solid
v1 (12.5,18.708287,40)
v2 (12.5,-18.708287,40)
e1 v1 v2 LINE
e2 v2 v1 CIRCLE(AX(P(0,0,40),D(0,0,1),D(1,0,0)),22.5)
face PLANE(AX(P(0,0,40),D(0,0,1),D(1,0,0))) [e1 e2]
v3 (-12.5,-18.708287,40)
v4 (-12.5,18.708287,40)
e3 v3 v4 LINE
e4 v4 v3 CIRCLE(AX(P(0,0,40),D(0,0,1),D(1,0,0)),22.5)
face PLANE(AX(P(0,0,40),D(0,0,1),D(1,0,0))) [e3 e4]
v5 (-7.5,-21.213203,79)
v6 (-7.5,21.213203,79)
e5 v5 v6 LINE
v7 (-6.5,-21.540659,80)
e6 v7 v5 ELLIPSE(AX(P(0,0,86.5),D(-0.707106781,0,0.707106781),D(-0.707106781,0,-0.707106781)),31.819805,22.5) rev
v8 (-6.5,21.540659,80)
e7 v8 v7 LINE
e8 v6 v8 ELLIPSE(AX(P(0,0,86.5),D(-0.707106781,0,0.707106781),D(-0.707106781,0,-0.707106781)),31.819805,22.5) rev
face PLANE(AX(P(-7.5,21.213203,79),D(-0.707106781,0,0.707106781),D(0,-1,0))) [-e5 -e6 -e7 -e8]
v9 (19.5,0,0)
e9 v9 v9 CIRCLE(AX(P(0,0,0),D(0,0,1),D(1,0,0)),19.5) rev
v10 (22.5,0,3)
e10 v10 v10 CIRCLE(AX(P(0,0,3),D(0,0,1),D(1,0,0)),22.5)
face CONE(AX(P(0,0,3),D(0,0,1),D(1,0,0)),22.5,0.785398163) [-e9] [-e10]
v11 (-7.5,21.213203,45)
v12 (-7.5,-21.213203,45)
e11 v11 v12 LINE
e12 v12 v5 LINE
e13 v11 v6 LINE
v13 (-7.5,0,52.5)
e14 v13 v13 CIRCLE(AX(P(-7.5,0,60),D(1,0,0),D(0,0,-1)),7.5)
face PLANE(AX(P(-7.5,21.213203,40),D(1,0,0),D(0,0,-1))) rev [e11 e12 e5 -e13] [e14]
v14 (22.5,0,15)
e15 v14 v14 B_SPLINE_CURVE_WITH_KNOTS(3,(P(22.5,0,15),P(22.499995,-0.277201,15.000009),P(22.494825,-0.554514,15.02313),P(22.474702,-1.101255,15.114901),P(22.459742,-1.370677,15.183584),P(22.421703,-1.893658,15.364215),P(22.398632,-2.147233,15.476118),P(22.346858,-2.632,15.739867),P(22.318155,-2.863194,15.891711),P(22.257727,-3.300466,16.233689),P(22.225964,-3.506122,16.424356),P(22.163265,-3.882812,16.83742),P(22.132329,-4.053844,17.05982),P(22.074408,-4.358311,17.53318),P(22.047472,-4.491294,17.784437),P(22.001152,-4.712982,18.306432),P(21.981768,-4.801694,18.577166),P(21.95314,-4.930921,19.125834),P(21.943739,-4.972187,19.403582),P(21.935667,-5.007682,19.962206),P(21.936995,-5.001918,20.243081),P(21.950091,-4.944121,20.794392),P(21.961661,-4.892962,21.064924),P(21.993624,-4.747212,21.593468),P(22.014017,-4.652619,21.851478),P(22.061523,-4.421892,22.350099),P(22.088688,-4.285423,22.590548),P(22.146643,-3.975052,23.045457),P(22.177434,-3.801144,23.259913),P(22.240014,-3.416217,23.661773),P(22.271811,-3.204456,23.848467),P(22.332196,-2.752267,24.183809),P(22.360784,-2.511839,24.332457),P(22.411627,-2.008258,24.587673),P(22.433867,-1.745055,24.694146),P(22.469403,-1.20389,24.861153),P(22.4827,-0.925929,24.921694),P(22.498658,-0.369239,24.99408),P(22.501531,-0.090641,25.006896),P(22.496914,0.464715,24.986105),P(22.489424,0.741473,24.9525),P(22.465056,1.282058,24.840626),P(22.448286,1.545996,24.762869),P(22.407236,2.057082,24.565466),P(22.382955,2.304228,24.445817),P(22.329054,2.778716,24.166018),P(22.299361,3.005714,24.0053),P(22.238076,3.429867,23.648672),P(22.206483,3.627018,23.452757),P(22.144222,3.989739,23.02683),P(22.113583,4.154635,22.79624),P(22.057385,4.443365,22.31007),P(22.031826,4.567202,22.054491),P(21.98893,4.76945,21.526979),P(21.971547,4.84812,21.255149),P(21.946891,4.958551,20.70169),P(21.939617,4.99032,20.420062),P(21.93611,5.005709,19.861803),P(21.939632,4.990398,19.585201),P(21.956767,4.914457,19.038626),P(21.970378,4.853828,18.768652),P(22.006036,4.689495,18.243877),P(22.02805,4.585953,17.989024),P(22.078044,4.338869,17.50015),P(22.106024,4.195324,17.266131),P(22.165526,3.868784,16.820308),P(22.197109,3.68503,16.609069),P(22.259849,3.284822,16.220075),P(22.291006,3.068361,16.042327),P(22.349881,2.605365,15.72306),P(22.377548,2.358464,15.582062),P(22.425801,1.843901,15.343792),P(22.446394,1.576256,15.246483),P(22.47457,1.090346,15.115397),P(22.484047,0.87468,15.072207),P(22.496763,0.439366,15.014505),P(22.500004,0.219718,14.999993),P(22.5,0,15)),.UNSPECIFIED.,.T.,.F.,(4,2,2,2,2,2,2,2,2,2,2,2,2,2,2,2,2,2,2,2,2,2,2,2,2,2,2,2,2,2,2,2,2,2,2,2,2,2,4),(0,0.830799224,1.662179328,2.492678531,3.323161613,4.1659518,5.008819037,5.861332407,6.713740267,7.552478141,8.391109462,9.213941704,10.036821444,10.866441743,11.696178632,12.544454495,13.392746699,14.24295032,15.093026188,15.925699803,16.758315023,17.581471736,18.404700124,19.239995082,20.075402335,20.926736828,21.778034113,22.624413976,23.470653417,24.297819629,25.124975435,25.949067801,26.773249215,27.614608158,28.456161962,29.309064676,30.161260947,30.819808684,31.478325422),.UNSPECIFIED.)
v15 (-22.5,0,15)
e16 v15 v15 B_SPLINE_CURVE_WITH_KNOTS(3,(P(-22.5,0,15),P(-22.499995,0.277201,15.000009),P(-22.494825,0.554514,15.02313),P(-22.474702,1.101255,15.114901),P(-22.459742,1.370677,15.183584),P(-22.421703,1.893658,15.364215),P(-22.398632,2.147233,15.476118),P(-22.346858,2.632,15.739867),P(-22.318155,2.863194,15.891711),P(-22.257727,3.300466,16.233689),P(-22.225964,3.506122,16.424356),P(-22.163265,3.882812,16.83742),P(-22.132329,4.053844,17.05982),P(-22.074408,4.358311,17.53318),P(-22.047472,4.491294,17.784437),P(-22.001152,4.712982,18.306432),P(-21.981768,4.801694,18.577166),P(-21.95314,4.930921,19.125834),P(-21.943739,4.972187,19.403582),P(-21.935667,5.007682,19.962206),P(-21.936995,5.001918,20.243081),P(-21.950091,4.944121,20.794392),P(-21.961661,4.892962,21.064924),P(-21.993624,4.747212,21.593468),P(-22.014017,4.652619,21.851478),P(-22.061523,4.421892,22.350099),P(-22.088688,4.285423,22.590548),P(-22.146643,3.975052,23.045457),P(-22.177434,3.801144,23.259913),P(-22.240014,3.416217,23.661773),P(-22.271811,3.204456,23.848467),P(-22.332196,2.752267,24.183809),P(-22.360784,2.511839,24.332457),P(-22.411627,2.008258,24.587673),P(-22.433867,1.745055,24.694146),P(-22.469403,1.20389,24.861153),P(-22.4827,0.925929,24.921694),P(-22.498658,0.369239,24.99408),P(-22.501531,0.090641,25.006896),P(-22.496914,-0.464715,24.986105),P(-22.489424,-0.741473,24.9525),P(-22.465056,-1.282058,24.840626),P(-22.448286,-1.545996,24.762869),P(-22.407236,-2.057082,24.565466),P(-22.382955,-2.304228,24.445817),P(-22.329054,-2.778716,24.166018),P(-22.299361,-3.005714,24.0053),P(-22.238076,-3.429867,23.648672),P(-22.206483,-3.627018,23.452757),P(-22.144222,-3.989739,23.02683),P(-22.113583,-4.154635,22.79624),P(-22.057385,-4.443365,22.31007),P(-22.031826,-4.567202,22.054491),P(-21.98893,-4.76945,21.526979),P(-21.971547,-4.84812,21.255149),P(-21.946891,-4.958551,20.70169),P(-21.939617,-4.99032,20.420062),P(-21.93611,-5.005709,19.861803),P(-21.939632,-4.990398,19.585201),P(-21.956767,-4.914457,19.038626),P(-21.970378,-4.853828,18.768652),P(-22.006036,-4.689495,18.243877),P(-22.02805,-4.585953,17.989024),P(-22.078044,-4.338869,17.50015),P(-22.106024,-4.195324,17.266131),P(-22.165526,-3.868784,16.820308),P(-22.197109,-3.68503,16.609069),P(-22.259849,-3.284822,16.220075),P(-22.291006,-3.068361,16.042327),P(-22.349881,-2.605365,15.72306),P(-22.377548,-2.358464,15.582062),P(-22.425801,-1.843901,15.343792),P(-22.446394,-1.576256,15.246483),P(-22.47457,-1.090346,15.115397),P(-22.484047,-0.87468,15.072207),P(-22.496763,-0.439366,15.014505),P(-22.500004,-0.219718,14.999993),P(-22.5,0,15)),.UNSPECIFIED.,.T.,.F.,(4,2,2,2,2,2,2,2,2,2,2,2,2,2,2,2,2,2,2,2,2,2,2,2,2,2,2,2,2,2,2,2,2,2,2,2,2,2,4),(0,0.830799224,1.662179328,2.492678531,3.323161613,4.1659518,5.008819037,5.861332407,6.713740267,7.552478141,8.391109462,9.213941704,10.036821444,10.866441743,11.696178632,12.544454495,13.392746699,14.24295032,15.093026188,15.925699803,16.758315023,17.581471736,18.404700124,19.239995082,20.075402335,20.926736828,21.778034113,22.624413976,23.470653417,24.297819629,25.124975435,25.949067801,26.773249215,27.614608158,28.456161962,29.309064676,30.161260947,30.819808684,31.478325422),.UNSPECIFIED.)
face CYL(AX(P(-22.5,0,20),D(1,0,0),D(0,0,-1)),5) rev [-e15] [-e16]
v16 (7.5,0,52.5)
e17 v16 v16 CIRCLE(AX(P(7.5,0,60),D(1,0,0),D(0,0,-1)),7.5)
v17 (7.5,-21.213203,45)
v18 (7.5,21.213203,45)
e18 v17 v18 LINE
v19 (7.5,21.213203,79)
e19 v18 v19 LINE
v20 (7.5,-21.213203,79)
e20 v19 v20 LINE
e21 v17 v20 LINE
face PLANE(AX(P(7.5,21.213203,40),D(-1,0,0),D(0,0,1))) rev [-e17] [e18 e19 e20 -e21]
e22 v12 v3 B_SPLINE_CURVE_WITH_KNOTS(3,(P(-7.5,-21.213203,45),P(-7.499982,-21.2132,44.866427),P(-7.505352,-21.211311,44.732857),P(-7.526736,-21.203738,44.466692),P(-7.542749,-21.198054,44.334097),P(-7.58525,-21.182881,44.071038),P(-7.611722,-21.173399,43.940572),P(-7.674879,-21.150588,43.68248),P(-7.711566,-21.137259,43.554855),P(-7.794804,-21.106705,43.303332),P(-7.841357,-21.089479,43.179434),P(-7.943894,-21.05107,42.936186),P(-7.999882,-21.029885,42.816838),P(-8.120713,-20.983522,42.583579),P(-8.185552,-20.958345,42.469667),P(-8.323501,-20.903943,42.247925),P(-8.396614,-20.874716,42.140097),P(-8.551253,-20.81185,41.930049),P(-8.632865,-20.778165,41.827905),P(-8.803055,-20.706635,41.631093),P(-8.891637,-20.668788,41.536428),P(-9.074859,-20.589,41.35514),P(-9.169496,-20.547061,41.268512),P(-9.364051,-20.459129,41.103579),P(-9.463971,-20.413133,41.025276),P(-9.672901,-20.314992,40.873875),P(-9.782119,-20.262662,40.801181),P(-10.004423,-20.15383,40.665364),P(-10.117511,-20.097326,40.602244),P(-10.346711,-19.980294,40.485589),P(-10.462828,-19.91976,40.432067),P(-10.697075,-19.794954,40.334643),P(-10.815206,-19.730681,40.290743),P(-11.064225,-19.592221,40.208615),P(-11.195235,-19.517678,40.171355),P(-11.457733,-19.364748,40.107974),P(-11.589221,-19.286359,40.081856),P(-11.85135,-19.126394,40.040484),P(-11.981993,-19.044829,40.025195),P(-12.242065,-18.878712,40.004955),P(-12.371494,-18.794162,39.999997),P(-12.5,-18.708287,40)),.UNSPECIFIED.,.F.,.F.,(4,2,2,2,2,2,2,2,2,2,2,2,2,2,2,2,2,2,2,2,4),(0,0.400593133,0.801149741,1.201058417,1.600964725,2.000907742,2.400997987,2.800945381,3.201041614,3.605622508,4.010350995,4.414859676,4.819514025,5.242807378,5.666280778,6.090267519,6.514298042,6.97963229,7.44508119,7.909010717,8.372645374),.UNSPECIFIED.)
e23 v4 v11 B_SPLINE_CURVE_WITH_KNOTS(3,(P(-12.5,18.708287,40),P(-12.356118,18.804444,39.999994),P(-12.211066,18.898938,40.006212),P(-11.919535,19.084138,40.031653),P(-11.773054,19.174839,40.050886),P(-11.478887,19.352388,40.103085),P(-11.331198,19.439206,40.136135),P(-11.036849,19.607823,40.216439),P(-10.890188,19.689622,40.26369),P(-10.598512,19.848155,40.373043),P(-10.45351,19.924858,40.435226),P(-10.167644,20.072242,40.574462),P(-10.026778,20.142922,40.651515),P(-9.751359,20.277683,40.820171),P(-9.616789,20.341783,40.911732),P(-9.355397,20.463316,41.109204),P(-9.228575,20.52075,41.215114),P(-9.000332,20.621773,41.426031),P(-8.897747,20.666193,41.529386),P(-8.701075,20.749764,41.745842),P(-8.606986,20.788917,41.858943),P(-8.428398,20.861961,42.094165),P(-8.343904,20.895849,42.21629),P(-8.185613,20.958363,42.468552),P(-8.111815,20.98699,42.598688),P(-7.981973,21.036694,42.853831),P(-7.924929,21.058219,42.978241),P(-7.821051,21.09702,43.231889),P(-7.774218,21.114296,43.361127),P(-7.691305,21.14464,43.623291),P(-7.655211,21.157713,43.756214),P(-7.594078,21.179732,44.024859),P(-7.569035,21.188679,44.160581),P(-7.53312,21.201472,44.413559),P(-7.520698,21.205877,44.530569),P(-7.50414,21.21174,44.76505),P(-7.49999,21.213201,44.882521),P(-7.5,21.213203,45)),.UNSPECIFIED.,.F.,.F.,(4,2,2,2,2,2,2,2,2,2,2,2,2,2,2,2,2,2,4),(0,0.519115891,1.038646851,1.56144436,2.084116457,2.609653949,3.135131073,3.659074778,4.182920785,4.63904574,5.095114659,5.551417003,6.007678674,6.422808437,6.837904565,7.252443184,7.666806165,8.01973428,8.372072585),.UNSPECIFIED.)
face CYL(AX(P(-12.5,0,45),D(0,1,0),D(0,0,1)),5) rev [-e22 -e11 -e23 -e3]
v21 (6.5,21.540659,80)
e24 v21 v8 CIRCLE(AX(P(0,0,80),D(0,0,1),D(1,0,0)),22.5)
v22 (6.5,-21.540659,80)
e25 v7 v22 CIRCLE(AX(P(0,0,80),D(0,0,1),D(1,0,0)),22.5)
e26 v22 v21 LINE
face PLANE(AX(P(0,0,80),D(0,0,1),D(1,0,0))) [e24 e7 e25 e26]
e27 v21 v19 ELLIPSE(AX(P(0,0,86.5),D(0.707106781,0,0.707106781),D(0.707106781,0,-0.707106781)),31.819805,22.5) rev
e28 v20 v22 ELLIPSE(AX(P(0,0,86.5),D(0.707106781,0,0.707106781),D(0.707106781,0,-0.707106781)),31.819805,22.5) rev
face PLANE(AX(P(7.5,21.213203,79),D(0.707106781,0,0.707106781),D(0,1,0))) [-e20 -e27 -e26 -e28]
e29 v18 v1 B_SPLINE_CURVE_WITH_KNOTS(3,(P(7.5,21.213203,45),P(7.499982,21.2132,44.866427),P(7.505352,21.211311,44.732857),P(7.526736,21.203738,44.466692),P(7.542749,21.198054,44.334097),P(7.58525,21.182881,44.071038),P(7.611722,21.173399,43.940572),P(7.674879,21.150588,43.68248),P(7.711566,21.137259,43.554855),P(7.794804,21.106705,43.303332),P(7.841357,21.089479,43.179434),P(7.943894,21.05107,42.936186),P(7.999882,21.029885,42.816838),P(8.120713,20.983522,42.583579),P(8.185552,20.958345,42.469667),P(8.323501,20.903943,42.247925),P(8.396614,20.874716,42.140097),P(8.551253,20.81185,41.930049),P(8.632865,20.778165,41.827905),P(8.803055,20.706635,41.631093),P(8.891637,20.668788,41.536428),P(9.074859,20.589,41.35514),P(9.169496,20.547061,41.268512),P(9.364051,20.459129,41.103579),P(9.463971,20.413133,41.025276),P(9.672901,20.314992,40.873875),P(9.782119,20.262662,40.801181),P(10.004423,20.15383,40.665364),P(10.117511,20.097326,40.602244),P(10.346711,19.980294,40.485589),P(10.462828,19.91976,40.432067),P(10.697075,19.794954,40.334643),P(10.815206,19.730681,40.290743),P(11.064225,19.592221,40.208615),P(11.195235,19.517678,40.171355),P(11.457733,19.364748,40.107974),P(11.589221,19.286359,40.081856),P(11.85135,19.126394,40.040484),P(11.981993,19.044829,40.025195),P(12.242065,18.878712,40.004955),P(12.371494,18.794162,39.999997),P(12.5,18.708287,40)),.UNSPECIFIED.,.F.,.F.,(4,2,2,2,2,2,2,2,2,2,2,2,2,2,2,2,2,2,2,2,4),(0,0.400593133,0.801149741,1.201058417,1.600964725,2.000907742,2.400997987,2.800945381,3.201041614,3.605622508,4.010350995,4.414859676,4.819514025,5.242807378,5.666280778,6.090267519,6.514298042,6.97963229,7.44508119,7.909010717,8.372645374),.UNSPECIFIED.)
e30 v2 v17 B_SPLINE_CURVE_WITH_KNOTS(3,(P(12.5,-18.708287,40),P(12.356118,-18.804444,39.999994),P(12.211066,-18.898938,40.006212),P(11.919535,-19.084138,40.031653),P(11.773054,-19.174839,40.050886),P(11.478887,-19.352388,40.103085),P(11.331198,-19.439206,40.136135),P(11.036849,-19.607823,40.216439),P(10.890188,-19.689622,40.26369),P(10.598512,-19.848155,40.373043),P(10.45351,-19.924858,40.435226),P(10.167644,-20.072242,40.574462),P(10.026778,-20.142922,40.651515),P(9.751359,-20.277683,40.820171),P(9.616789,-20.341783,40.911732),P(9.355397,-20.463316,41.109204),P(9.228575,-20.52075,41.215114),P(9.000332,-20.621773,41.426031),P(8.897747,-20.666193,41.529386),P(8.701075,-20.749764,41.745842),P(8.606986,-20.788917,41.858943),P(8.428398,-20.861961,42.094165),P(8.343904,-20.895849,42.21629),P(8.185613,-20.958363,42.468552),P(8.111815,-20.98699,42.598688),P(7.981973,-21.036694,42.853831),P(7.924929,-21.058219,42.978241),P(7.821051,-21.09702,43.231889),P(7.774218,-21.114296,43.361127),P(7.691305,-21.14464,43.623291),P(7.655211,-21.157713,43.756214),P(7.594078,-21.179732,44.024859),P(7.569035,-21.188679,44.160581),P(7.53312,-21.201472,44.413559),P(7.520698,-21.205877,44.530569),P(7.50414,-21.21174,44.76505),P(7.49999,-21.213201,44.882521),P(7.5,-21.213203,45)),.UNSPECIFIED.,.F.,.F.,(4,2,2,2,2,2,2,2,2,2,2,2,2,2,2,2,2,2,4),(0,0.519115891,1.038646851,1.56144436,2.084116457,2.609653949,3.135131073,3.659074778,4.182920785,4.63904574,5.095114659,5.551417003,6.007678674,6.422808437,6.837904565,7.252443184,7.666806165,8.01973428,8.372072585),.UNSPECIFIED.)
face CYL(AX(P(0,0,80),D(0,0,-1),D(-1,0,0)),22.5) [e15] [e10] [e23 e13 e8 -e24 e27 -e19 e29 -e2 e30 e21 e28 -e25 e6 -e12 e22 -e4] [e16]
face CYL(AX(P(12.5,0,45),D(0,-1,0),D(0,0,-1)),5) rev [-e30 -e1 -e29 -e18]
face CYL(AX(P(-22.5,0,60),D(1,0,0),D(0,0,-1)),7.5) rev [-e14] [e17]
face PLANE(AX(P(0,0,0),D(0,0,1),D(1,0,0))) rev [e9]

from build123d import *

# Parameters (mm, degrees)
SKETCH_1_R               = 22.5
EXTRUDE_1_DEPTH          = 80
CUT_EXTRUDE_START        = -40
CUT_EXTRUDE_1_DEPTH      = 40
FILLET_1_R               = 5
SKETCH_3_R               = 7.5
CUT_EXTRUDE_2_DEPTH      = 89.352985385
CHAMFER_2_SIZE           = 1
CHAMFER_3_SIZE           = 3
CUT_EXTRUDE_3_DEPTH      = 87.095876934
CUT_EXTRUDE_3_DEPTH_BACK = 87.095876934
SKETCH_4_R               = 5


with BuildPart() as part:
    # Эскиз1 → Бобышка-Вытянуть1 (new body)
    with BuildSketch(Plane.XY):
        Circle(SKETCH_1_R)
    extrude(amount=EXTRUDE_1_DEPTH)

    # Эскиз2 → Вырез-Вытянуть1 (cut)
    with BuildSketch(Plane.XY.offset(80).offset(CUT_EXTRUDE_START)):
        with BuildLine():
            Line((7.5, 21.213203436), (7.5, -21.213203436))
            ThreePointArc((7.5, -21.213203436), (22.5, 0), (7.5, 21.213203436))
        make_face()
        with BuildLine():
            Line((-7.5, 21.213203436), (-7.5, -21.213203436))
            ThreePointArc((-7.5, -21.213203436), (-22.5, 0), (-7.5, 21.213203436))
        make_face()
    extrude(amount=CUT_EXTRUDE_1_DEPTH, mode=Mode.SUBTRACT)

    # Скругление1
    fillet_1_edges = [part.edges().sort_by_distance(p)[0] for p in [
        (-7.5, 0, 40),
        (7.5, 0, 40),
    ]]
    fillet(fillet_1_edges, radius=FILLET_1_R)

    # Эскиз3 → Вырез-Вытянуть2 (cut, through all)
    with BuildSketch(Plane(origin=(7.5, 0, 0), x_dir=(0, 0, -1), z_dir=(1, 0, 0))):
        with Locations((-60, 0)):
            Circle(SKETCH_3_R)
    extrude(amount=-CUT_EXTRUDE_2_DEPTH, mode=Mode.SUBTRACT)

    # Фаска2
    chamfer_2_edges = [part.edges().sort_by_distance(p)[0] for p in [
        (-7.5, 0, 80),
        (7.5, 0, 80),
    ]]
    chamfer(chamfer_2_edges, length=CHAMFER_2_SIZE)

    # Фаска3
    chamfer_3_edges = [part.edges().sort_by_distance(p)[0] for p in [
        (-22.5, 0, 0),
    ]]
    chamfer(chamfer_3_edges, length=CHAMFER_3_SIZE)

    # Эскиз4 → Вырез-Вытянуть3 (cut, two sides: drawn at the far end of the back side and taken through both)
    with BuildSketch(Plane(origin=(0, 0, 0), x_dir=(0, 0, -1), z_dir=(1, 0, 0)).offset(-CUT_EXTRUDE_3_DEPTH_BACK)):
        with Locations((-20, 0)):
            Circle(SKETCH_4_R)
    extrude(amount=CUT_EXTRUDE_3_DEPTH + CUT_EXTRUDE_3_DEPTH_BACK, mode=Mode.SUBTRACT)


solid = part.part
